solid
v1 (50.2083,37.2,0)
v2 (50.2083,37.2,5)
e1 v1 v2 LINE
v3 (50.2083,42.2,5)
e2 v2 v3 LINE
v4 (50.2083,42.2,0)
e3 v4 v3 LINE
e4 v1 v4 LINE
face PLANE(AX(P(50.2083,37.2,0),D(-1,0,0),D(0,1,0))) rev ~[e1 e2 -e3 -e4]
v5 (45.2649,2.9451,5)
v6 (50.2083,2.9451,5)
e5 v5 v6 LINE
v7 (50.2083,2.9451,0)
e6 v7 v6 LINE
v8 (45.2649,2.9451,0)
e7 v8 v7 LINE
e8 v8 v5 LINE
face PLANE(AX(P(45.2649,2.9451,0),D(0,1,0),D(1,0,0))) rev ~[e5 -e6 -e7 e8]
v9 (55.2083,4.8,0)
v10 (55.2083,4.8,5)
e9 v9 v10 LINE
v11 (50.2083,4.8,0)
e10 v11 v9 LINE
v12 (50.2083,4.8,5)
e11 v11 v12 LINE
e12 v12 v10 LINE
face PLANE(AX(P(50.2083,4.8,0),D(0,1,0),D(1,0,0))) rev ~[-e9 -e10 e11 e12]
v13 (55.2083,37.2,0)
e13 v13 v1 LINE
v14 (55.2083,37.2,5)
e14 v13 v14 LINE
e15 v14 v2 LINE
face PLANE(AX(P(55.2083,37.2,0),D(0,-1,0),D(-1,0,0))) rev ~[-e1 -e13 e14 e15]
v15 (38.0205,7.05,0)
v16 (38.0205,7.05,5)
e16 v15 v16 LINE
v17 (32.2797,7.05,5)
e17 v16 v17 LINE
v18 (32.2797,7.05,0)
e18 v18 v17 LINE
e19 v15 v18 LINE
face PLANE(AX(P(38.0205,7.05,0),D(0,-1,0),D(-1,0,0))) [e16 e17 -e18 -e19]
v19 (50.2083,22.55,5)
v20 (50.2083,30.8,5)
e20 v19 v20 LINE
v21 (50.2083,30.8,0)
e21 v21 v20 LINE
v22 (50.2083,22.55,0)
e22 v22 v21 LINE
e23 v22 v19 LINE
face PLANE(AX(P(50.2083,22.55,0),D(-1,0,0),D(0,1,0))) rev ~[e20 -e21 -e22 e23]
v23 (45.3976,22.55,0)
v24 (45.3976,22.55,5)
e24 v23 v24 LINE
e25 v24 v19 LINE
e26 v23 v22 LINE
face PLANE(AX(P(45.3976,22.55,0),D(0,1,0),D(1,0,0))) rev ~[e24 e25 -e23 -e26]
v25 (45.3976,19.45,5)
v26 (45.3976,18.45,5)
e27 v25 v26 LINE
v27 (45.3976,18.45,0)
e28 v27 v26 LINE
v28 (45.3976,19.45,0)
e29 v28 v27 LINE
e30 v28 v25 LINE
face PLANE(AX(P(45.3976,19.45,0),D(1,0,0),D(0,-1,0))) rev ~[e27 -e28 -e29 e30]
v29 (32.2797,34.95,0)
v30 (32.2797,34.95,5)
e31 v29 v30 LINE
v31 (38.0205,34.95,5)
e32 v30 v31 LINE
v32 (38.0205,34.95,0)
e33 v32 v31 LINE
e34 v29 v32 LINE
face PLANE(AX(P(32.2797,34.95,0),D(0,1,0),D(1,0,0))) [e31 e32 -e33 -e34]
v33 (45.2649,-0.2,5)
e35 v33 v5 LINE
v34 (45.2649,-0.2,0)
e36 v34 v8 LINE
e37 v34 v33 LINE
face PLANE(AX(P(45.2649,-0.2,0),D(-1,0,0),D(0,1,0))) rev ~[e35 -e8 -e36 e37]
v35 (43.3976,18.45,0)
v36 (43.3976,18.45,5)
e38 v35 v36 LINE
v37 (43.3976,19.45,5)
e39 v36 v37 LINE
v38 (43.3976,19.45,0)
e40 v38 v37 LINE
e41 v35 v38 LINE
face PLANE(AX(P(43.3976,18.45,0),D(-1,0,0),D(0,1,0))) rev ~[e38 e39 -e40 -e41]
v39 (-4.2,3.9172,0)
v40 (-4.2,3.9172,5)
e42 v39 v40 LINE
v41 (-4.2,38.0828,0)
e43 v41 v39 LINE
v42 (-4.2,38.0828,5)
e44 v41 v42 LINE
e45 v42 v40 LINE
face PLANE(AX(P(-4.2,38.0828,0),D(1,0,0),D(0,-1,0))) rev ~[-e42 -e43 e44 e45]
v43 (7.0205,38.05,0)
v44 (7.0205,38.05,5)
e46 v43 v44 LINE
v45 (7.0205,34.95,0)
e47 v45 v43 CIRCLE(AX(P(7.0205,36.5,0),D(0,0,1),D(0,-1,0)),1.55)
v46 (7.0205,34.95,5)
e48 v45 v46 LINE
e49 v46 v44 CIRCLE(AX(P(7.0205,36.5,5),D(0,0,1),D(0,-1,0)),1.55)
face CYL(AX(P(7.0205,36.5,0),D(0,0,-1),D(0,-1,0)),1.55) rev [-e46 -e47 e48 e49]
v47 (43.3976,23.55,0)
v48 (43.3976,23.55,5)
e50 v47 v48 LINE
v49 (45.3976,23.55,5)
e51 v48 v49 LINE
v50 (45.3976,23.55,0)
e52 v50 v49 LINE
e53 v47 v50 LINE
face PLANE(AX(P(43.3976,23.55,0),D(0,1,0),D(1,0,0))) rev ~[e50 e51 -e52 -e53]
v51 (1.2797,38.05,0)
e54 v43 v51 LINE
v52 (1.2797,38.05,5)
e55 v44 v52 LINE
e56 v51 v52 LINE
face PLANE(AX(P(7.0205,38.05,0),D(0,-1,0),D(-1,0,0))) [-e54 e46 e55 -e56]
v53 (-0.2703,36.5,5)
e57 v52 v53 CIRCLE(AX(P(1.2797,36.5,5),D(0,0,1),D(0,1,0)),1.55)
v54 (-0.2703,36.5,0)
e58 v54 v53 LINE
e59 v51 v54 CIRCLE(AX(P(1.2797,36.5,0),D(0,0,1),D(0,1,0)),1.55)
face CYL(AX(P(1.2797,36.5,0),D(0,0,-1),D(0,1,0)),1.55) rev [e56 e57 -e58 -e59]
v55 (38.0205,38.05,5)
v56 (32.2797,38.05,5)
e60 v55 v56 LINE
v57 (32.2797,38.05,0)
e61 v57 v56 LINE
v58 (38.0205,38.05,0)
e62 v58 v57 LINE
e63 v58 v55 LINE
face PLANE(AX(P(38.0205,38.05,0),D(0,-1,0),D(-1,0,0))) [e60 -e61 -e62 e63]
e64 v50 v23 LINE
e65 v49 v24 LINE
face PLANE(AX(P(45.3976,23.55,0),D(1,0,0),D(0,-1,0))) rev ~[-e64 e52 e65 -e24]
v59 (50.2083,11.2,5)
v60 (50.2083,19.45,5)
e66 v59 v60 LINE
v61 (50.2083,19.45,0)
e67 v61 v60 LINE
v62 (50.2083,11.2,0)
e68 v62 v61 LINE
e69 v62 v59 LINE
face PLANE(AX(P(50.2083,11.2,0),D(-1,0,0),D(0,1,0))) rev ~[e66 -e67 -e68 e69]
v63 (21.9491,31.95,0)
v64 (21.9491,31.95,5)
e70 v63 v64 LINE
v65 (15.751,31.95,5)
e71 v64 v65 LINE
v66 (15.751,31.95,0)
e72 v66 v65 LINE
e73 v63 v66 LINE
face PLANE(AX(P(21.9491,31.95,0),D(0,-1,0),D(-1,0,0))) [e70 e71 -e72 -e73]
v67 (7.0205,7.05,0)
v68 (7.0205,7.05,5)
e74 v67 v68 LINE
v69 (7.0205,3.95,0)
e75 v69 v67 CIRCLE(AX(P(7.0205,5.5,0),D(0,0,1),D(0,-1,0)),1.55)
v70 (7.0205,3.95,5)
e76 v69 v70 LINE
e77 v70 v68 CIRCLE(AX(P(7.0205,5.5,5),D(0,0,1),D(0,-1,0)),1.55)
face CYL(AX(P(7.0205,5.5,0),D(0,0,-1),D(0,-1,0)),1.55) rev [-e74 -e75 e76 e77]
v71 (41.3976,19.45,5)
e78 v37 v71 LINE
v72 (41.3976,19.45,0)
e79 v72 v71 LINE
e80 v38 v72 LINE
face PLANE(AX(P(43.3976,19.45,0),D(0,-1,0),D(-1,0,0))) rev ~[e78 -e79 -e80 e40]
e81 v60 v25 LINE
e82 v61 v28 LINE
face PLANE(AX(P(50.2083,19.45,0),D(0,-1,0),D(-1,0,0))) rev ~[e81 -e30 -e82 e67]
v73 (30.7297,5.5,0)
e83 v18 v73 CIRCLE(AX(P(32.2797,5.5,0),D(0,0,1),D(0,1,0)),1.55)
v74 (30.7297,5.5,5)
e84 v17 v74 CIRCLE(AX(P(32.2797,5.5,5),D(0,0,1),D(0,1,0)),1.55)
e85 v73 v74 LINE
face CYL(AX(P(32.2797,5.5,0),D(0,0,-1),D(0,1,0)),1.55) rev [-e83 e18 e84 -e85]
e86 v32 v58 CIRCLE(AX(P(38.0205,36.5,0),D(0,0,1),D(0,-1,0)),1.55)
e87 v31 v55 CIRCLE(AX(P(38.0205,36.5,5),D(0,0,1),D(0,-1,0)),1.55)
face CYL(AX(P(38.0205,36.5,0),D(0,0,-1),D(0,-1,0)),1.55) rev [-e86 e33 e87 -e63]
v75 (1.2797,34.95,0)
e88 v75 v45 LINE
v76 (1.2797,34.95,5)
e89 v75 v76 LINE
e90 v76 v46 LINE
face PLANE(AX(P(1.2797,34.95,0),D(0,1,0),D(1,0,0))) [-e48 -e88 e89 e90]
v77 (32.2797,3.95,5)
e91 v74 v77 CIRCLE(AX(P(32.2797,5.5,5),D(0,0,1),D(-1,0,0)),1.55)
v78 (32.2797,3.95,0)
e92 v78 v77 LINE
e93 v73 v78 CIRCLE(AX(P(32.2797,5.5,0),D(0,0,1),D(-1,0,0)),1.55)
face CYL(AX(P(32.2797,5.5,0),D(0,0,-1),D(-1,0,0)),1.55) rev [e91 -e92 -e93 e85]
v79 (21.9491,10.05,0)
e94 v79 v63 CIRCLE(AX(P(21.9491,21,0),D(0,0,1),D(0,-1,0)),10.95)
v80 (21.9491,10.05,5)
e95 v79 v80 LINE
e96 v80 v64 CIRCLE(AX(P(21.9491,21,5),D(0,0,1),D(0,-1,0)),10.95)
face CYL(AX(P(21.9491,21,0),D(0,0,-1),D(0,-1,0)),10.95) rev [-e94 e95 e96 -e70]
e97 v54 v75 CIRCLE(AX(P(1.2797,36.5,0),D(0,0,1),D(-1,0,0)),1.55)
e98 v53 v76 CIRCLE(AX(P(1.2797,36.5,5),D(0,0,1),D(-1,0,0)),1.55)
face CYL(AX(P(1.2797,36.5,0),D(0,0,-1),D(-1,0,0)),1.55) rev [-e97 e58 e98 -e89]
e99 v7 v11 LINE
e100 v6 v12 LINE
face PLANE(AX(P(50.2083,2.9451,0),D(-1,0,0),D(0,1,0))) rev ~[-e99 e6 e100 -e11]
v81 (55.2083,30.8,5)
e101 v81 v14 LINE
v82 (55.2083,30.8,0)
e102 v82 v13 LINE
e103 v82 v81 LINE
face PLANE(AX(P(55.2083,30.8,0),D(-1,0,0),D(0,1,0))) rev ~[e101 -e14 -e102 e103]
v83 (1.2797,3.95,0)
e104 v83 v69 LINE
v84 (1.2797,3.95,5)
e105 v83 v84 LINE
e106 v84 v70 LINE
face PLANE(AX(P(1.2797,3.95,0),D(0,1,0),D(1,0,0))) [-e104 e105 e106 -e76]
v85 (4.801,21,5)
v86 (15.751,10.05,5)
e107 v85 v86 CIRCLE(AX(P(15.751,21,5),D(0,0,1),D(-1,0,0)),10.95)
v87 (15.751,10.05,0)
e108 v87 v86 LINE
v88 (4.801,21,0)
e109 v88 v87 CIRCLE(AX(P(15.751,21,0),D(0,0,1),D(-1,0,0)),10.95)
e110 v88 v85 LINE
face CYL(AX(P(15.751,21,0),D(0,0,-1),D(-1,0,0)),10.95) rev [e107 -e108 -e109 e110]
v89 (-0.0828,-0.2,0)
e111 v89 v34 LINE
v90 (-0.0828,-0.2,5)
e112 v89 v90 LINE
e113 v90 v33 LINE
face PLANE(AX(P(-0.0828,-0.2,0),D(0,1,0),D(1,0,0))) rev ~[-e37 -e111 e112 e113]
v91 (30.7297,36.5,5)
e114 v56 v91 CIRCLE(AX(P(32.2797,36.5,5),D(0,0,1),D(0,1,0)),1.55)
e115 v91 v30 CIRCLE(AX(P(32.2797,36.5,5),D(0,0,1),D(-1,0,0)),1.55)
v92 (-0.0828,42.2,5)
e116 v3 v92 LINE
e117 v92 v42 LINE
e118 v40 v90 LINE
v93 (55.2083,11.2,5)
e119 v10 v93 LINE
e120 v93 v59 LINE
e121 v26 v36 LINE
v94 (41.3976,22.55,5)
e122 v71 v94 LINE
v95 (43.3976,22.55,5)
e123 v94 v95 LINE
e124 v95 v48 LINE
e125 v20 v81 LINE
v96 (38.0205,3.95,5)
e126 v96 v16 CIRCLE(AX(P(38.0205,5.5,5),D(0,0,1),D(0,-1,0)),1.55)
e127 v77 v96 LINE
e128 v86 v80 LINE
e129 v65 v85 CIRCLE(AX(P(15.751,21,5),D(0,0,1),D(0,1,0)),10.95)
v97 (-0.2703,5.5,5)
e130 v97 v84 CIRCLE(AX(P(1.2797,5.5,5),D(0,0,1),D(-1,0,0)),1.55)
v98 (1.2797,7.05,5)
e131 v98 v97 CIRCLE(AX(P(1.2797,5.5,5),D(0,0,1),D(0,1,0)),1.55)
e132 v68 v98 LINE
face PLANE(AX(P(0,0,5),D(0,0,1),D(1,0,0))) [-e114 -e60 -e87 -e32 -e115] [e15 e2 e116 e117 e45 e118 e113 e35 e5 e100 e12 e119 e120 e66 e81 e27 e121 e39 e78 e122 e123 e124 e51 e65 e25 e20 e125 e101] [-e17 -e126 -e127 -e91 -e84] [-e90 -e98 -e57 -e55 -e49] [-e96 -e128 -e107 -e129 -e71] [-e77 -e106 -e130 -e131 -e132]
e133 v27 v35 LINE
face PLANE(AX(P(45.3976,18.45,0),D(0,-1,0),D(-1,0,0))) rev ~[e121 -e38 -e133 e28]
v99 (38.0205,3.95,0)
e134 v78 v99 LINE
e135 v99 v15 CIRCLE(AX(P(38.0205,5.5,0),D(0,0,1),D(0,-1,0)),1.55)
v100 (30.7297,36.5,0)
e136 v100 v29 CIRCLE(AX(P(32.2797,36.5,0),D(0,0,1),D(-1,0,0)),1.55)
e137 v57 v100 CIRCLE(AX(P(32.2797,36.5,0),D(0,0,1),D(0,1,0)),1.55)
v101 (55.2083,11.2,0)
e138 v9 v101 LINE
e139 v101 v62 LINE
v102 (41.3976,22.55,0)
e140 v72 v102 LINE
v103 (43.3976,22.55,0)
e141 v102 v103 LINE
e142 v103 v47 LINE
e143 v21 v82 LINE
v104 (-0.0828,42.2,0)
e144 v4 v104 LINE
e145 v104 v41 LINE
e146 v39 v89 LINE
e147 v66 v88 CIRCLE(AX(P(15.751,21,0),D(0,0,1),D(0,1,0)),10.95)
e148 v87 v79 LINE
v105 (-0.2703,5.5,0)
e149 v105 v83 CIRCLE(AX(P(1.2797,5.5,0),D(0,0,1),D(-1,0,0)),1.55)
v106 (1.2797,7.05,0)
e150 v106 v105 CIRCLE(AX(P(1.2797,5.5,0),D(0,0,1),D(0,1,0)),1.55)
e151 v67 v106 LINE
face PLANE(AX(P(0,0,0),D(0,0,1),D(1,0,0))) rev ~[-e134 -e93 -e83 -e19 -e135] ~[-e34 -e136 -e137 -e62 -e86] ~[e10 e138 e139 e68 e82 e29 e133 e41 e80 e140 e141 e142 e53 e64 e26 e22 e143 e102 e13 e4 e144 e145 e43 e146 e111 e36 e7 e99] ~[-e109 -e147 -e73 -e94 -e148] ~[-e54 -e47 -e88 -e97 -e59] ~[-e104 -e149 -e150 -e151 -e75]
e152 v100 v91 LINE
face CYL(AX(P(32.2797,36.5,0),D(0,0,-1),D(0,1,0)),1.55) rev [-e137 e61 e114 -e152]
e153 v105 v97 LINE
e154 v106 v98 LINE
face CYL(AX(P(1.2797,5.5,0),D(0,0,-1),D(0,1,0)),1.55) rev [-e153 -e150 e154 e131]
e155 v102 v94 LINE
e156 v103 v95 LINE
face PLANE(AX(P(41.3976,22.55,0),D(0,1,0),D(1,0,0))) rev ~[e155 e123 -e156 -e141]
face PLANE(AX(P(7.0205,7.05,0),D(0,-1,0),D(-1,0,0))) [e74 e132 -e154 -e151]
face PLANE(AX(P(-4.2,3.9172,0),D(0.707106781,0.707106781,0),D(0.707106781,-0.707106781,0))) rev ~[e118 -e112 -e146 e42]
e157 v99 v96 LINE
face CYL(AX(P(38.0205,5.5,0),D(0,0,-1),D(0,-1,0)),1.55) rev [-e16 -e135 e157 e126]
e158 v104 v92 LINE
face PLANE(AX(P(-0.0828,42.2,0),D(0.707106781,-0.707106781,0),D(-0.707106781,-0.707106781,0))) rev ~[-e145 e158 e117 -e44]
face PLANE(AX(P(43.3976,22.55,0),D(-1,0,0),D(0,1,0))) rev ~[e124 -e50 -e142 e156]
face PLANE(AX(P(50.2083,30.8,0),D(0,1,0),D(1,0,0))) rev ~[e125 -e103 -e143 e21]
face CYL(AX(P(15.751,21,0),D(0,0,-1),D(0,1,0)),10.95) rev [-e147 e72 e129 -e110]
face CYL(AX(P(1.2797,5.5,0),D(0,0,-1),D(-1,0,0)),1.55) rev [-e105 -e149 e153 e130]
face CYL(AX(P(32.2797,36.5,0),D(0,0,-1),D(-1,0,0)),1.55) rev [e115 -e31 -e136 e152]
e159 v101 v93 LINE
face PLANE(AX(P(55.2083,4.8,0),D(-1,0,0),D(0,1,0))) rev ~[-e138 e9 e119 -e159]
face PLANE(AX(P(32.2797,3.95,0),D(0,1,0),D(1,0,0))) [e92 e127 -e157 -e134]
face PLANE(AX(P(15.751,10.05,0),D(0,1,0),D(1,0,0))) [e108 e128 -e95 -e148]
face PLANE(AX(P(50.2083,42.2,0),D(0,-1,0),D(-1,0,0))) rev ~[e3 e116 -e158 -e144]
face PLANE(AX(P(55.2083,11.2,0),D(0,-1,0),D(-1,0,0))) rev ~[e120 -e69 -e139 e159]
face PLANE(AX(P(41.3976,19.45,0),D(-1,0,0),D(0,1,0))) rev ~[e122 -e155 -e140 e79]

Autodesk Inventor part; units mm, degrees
ref_plane "YZ Plane" through (0, 0, 0) normal (1, 0, 0) x (0, 1, 0)
ref_plane "XZ Plane" through (0, 0, 0) normal (0, 1, 0) x (-1, 0, 0)
ref_plane "XY Plane" through (0, 0, 0) normal (0, 0, 1) x (1, 0, 0)
sketch "Boceto1" plane through (0, 0, 0) normal (0, 0, 1) x (1, 0, 0)
  line L0 (1.2797, 34.95) -> (7.0205, 34.95)
  arc A0 (7.0205, 34.95) -> (7.0205, 38.05) centre (7.0205, 36.5) ccw
  line L1 (7.0205, 38.05) -> (1.2797, 38.05)
  arc A1 (1.2797, 38.05) -> (-0.2703, 36.5) centre (1.2797, 36.5) ccw
  arc A2 (-0.2703, 36.5) -> (1.2797, 34.95) centre (1.2797, 36.5) ccw
  line L2 (7.0205, 7.05) -> (1.2797, 7.05)
  arc A3 (1.2797, 7.05) -> (-0.2703, 5.5) centre (1.2797, 5.5) ccw
  arc A4 (-0.2703, 5.5) -> (1.2797, 3.95) centre (1.2797, 5.5) ccw
  line L3 (1.2797, 3.95) -> (7.0205, 3.95)
  arc A5 (7.0205, 3.95) -> (7.0205, 7.05) centre (7.0205, 5.5) ccw
  arc A6 (38.0205, 34.95) -> (38.0205, 38.05) centre (38.0205, 36.5) ccw
  line L4 (38.0205, 38.05) -> (32.2797, 38.05)
  arc A7 (32.2797, 38.05) -> (30.7297, 36.5) centre (32.2797, 36.5) ccw
  arc A8 (30.7297, 36.5) -> (32.2797, 34.95) centre (32.2797, 36.5) ccw
  line L5 (32.2797, 34.95) -> (38.0205, 34.95)
  arc A9 (15.751, 31.95) -> (4.801, 21) centre (15.751, 21) ccw
  arc A10 (4.801, 21) -> (15.751, 10.05) centre (15.751, 21) ccw
  line L6 (15.751, 10.05) -> (21.9491, 10.05)
  arc A11 (21.9491, 10.05) -> (21.9491, 31.95) centre (21.9491, 21) ccw
  line L7 (21.9491, 31.95) -> (15.751, 31.95)
  line L8 (38.0205, 7.05) -> (32.2797, 7.05)
  arc A12 (32.2797, 7.05) -> (30.7297, 5.5) centre (32.2797, 5.5) ccw
  arc A13 (30.7297, 5.5) -> (32.2797, 3.95) centre (32.2797, 5.5) ccw
  line L9 (32.2797, 3.95) -> (38.0205, 3.95)
  arc A14 (38.0205, 3.95) -> (38.0205, 7.05) centre (38.0205, 5.5) ccw
  line L10 (45.2649, -0.2) -> (45.2649, 2.9451)
  line L11 (45.2649, 2.9451) -> (50.2083, 2.9451)
  line L12 (50.2083, 2.9451) -> (50.2083, 4.8)
  line L13 (50.2083, 4.8) -> (55.2083, 4.8)
  line L14 (55.2083, 4.8) -> (55.2083, 11.2)
  line L15 (55.2083, 11.2) -> (50.2083, 11.2)
  line L16 (50.2083, 11.2) -> (50.2083, 19.45)
  line L17 (50.2083, 19.45) -> (45.3976, 19.45)
  line L18 (45.3976, 19.45) -> (45.3976, 18.45)
  line L19 (45.3976, 18.45) -> (43.3976, 18.45)
  line L20 (43.3976, 18.45) -> (43.3976, 19.45)
  line L21 (43.3976, 19.45) -> (41.3976, 19.45)
  line L22 (41.3976, 19.45) -> (41.3976, 22.55)
  line L23 (41.3976, 22.55) -> (43.3976, 22.55)
  line L24 (43.3976, 22.55) -> (43.3976, 23.55)
  line L25 (43.3976, 23.55) -> (45.3976, 23.55)
  line L26 (45.3976, 23.55) -> (45.3976, 22.55)
  line L27 (45.3976, 22.55) -> (50.2083, 22.55)
  line L28 (50.2083, 22.55) -> (50.2083, 30.8)
  line L29 (50.2083, 30.8) -> (55.2083, 30.8)
  line L30 (55.2083, 30.8) -> (55.2083, 37.2)
  line L31 (55.2083, 37.2) -> (50.2083, 37.2)
  line L32 (50.2083, 37.2) -> (50.2083, 42.2)
  line L33 (50.2083, 42.2) -> (-0.0828, 42.2)
  line L34 (-0.0828, 42.2) -> (-4.2, 38.0828)
  line L35 (-4.2, 38.0828) -> (-4.2, 3.9172)
  line L36 (-4.2, 3.9172) -> (-0.0828, -0.2)
  line L37 (-0.0828, -0.2) -> (45.2649, -0.2)
  point P0 (0, 0)
extrude "Extrusión1" add sketch "Boceto1" along normal blind 5
properties part number "carro x lado motor pieza 5 soporte nema"
